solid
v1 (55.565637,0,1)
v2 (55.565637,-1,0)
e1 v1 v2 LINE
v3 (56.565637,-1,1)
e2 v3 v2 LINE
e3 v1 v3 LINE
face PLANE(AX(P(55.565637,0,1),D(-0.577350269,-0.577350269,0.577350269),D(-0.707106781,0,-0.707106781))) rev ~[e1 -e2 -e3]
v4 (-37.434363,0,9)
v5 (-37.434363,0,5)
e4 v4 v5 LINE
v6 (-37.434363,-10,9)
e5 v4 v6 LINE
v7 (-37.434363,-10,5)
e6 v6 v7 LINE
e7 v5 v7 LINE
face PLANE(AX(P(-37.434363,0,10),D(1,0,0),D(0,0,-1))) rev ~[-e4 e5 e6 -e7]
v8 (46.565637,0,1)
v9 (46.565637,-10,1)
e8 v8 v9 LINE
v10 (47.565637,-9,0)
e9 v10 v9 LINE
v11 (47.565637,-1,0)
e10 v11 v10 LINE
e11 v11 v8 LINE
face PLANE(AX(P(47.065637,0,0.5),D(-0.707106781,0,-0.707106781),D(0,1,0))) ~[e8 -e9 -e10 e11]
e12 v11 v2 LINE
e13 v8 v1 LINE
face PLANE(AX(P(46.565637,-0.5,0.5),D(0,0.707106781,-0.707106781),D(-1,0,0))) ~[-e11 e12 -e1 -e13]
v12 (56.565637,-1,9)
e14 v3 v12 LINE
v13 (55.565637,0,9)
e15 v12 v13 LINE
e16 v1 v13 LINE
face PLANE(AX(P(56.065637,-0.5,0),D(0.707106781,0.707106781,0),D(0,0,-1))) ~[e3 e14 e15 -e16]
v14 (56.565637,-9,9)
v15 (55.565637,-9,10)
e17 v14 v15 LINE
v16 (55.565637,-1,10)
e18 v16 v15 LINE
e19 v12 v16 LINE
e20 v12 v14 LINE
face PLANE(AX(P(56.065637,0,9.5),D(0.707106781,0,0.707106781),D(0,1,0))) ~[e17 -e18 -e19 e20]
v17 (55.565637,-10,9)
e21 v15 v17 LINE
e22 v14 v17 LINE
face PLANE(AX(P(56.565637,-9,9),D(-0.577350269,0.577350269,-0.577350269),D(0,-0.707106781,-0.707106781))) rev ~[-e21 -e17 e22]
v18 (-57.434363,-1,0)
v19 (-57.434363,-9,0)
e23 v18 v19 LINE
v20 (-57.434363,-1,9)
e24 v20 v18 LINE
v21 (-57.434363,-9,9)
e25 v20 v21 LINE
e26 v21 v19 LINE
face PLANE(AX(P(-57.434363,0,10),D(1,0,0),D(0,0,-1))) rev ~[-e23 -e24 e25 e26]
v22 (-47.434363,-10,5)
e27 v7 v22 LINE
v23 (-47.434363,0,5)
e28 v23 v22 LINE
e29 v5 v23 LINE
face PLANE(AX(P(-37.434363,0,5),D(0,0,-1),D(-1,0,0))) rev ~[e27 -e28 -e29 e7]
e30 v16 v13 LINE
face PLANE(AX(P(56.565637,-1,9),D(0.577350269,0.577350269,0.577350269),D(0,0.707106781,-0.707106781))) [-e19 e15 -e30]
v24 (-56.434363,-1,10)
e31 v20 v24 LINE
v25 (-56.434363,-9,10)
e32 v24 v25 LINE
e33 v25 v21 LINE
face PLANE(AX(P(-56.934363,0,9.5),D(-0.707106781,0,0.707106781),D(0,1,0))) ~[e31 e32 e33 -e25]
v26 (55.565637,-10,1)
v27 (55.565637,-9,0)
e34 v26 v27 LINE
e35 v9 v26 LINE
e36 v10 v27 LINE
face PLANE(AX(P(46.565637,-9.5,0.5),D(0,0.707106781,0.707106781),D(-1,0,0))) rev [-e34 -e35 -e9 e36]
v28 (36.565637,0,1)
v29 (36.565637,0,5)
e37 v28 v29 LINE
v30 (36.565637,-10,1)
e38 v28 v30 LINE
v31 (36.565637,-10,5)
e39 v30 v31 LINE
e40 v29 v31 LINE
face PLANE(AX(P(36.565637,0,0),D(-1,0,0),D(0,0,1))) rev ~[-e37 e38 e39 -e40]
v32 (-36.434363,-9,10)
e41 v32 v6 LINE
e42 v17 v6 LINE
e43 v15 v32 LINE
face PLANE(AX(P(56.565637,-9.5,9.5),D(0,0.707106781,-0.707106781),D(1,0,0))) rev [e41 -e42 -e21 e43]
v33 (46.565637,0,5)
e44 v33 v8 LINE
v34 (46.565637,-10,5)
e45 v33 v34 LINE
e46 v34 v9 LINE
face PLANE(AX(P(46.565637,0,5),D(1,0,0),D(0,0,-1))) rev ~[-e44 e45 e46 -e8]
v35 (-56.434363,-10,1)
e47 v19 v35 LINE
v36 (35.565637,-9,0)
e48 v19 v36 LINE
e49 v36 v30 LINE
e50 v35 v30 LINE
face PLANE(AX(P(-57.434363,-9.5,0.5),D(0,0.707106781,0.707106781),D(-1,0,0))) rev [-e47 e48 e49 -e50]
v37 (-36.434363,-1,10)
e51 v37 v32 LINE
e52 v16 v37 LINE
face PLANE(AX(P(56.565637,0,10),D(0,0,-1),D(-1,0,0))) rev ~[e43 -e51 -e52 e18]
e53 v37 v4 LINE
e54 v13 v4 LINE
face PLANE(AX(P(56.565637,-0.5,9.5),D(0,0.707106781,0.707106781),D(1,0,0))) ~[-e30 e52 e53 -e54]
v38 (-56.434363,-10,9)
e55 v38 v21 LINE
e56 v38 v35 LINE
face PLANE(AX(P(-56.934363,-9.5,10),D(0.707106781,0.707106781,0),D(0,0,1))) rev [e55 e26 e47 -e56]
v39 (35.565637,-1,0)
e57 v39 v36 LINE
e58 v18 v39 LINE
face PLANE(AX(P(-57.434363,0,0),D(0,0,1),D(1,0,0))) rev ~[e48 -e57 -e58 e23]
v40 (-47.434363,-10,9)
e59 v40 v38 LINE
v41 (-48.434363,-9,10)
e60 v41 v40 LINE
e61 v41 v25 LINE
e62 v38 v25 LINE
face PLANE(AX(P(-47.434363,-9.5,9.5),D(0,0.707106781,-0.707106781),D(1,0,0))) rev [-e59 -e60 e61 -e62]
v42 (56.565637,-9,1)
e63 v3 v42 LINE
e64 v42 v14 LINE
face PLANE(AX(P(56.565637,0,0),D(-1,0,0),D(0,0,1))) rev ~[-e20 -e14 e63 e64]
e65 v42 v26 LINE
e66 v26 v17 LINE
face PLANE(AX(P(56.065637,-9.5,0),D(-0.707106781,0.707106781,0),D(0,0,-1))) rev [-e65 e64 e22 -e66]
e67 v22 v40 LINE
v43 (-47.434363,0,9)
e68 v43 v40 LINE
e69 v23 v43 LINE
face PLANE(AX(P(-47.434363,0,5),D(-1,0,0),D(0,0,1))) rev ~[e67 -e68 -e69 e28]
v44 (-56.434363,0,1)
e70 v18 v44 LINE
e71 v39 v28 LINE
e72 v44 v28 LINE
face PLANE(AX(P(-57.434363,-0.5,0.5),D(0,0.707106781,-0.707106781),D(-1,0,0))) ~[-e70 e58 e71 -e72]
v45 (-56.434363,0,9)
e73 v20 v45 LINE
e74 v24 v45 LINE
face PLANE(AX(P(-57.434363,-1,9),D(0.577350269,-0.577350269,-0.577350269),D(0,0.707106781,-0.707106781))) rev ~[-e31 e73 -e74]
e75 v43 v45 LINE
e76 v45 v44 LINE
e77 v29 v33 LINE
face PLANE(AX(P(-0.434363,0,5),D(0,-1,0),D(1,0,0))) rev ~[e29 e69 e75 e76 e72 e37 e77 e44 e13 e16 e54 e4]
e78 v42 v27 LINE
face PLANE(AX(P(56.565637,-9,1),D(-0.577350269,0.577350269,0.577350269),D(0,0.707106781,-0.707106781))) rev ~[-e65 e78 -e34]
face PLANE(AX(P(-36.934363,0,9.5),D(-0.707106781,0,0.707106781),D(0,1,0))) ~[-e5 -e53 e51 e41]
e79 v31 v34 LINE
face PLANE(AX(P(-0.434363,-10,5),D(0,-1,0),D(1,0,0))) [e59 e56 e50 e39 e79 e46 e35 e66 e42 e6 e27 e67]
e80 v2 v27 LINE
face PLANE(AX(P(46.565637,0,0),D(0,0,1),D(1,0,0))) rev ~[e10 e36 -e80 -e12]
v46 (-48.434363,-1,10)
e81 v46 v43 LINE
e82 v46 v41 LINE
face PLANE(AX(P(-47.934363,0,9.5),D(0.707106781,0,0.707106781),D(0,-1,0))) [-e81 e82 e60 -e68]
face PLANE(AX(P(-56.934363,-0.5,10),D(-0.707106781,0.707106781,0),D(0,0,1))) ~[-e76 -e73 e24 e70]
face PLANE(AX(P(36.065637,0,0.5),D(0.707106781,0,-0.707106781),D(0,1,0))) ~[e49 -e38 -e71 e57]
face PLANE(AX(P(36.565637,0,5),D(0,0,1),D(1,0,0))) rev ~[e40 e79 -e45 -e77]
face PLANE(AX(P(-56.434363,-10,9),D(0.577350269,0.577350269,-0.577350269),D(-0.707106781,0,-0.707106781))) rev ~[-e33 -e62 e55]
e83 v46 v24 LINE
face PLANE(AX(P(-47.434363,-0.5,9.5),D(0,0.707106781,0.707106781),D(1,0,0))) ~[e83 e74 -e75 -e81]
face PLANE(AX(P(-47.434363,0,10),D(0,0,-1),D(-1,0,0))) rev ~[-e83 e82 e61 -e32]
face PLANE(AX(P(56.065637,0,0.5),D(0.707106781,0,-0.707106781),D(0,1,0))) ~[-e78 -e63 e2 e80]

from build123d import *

# Parameters (mm, degrees)
F1_DEPTH = 10
F2_SIZE  = 1


with BuildPart() as f1:
    # F0 (on Front) → F1 (new body)
    with BuildSketch(Plane.XZ):
        Polygon((-47.434363, 10), (-57.434363, 10), (-57.434363, 0), (36.565637, 0), (36.565637, 5), (46.565637, 5), (46.565637, 0), (56.565637, 0), (56.565637, 10), (-37.434363, 10), (-37.434363, 5), (-47.434363, 5), align=None)
    extrude(amount=F1_DEPTH)

    # F2
    f2_edges = [f1.edges().sort_by_distance(p)[0] for p in [
        (-52.434363, 0, 10),
        (-57.434363, -5, 10),
        (-52.434363, -10, 10),
        (9.565637, 0, 10),
        (9.565637, -10, 10),
        (56.565637, -5, 10),
        (-57.434363, -10, 5),
        (-10.434363, -10, 0),
        (51.565637, -10, 0),
        (56.565637, -10, 5),
        (56.565637, -5, 0),
        (56.565637, 0, 5),
        (51.565637, 0, 0),
        (-10.434363, 0, 0),
        (-57.434363, 0, 5),
        (-47.434363, -5, 10),
        (-37.434363, -5, 10),
        (36.565637, -5, 0),
        (46.565637, -5, 0),
    ]]
    chamfer(f2_edges, length=F2_SIZE)


solid = f1.part
